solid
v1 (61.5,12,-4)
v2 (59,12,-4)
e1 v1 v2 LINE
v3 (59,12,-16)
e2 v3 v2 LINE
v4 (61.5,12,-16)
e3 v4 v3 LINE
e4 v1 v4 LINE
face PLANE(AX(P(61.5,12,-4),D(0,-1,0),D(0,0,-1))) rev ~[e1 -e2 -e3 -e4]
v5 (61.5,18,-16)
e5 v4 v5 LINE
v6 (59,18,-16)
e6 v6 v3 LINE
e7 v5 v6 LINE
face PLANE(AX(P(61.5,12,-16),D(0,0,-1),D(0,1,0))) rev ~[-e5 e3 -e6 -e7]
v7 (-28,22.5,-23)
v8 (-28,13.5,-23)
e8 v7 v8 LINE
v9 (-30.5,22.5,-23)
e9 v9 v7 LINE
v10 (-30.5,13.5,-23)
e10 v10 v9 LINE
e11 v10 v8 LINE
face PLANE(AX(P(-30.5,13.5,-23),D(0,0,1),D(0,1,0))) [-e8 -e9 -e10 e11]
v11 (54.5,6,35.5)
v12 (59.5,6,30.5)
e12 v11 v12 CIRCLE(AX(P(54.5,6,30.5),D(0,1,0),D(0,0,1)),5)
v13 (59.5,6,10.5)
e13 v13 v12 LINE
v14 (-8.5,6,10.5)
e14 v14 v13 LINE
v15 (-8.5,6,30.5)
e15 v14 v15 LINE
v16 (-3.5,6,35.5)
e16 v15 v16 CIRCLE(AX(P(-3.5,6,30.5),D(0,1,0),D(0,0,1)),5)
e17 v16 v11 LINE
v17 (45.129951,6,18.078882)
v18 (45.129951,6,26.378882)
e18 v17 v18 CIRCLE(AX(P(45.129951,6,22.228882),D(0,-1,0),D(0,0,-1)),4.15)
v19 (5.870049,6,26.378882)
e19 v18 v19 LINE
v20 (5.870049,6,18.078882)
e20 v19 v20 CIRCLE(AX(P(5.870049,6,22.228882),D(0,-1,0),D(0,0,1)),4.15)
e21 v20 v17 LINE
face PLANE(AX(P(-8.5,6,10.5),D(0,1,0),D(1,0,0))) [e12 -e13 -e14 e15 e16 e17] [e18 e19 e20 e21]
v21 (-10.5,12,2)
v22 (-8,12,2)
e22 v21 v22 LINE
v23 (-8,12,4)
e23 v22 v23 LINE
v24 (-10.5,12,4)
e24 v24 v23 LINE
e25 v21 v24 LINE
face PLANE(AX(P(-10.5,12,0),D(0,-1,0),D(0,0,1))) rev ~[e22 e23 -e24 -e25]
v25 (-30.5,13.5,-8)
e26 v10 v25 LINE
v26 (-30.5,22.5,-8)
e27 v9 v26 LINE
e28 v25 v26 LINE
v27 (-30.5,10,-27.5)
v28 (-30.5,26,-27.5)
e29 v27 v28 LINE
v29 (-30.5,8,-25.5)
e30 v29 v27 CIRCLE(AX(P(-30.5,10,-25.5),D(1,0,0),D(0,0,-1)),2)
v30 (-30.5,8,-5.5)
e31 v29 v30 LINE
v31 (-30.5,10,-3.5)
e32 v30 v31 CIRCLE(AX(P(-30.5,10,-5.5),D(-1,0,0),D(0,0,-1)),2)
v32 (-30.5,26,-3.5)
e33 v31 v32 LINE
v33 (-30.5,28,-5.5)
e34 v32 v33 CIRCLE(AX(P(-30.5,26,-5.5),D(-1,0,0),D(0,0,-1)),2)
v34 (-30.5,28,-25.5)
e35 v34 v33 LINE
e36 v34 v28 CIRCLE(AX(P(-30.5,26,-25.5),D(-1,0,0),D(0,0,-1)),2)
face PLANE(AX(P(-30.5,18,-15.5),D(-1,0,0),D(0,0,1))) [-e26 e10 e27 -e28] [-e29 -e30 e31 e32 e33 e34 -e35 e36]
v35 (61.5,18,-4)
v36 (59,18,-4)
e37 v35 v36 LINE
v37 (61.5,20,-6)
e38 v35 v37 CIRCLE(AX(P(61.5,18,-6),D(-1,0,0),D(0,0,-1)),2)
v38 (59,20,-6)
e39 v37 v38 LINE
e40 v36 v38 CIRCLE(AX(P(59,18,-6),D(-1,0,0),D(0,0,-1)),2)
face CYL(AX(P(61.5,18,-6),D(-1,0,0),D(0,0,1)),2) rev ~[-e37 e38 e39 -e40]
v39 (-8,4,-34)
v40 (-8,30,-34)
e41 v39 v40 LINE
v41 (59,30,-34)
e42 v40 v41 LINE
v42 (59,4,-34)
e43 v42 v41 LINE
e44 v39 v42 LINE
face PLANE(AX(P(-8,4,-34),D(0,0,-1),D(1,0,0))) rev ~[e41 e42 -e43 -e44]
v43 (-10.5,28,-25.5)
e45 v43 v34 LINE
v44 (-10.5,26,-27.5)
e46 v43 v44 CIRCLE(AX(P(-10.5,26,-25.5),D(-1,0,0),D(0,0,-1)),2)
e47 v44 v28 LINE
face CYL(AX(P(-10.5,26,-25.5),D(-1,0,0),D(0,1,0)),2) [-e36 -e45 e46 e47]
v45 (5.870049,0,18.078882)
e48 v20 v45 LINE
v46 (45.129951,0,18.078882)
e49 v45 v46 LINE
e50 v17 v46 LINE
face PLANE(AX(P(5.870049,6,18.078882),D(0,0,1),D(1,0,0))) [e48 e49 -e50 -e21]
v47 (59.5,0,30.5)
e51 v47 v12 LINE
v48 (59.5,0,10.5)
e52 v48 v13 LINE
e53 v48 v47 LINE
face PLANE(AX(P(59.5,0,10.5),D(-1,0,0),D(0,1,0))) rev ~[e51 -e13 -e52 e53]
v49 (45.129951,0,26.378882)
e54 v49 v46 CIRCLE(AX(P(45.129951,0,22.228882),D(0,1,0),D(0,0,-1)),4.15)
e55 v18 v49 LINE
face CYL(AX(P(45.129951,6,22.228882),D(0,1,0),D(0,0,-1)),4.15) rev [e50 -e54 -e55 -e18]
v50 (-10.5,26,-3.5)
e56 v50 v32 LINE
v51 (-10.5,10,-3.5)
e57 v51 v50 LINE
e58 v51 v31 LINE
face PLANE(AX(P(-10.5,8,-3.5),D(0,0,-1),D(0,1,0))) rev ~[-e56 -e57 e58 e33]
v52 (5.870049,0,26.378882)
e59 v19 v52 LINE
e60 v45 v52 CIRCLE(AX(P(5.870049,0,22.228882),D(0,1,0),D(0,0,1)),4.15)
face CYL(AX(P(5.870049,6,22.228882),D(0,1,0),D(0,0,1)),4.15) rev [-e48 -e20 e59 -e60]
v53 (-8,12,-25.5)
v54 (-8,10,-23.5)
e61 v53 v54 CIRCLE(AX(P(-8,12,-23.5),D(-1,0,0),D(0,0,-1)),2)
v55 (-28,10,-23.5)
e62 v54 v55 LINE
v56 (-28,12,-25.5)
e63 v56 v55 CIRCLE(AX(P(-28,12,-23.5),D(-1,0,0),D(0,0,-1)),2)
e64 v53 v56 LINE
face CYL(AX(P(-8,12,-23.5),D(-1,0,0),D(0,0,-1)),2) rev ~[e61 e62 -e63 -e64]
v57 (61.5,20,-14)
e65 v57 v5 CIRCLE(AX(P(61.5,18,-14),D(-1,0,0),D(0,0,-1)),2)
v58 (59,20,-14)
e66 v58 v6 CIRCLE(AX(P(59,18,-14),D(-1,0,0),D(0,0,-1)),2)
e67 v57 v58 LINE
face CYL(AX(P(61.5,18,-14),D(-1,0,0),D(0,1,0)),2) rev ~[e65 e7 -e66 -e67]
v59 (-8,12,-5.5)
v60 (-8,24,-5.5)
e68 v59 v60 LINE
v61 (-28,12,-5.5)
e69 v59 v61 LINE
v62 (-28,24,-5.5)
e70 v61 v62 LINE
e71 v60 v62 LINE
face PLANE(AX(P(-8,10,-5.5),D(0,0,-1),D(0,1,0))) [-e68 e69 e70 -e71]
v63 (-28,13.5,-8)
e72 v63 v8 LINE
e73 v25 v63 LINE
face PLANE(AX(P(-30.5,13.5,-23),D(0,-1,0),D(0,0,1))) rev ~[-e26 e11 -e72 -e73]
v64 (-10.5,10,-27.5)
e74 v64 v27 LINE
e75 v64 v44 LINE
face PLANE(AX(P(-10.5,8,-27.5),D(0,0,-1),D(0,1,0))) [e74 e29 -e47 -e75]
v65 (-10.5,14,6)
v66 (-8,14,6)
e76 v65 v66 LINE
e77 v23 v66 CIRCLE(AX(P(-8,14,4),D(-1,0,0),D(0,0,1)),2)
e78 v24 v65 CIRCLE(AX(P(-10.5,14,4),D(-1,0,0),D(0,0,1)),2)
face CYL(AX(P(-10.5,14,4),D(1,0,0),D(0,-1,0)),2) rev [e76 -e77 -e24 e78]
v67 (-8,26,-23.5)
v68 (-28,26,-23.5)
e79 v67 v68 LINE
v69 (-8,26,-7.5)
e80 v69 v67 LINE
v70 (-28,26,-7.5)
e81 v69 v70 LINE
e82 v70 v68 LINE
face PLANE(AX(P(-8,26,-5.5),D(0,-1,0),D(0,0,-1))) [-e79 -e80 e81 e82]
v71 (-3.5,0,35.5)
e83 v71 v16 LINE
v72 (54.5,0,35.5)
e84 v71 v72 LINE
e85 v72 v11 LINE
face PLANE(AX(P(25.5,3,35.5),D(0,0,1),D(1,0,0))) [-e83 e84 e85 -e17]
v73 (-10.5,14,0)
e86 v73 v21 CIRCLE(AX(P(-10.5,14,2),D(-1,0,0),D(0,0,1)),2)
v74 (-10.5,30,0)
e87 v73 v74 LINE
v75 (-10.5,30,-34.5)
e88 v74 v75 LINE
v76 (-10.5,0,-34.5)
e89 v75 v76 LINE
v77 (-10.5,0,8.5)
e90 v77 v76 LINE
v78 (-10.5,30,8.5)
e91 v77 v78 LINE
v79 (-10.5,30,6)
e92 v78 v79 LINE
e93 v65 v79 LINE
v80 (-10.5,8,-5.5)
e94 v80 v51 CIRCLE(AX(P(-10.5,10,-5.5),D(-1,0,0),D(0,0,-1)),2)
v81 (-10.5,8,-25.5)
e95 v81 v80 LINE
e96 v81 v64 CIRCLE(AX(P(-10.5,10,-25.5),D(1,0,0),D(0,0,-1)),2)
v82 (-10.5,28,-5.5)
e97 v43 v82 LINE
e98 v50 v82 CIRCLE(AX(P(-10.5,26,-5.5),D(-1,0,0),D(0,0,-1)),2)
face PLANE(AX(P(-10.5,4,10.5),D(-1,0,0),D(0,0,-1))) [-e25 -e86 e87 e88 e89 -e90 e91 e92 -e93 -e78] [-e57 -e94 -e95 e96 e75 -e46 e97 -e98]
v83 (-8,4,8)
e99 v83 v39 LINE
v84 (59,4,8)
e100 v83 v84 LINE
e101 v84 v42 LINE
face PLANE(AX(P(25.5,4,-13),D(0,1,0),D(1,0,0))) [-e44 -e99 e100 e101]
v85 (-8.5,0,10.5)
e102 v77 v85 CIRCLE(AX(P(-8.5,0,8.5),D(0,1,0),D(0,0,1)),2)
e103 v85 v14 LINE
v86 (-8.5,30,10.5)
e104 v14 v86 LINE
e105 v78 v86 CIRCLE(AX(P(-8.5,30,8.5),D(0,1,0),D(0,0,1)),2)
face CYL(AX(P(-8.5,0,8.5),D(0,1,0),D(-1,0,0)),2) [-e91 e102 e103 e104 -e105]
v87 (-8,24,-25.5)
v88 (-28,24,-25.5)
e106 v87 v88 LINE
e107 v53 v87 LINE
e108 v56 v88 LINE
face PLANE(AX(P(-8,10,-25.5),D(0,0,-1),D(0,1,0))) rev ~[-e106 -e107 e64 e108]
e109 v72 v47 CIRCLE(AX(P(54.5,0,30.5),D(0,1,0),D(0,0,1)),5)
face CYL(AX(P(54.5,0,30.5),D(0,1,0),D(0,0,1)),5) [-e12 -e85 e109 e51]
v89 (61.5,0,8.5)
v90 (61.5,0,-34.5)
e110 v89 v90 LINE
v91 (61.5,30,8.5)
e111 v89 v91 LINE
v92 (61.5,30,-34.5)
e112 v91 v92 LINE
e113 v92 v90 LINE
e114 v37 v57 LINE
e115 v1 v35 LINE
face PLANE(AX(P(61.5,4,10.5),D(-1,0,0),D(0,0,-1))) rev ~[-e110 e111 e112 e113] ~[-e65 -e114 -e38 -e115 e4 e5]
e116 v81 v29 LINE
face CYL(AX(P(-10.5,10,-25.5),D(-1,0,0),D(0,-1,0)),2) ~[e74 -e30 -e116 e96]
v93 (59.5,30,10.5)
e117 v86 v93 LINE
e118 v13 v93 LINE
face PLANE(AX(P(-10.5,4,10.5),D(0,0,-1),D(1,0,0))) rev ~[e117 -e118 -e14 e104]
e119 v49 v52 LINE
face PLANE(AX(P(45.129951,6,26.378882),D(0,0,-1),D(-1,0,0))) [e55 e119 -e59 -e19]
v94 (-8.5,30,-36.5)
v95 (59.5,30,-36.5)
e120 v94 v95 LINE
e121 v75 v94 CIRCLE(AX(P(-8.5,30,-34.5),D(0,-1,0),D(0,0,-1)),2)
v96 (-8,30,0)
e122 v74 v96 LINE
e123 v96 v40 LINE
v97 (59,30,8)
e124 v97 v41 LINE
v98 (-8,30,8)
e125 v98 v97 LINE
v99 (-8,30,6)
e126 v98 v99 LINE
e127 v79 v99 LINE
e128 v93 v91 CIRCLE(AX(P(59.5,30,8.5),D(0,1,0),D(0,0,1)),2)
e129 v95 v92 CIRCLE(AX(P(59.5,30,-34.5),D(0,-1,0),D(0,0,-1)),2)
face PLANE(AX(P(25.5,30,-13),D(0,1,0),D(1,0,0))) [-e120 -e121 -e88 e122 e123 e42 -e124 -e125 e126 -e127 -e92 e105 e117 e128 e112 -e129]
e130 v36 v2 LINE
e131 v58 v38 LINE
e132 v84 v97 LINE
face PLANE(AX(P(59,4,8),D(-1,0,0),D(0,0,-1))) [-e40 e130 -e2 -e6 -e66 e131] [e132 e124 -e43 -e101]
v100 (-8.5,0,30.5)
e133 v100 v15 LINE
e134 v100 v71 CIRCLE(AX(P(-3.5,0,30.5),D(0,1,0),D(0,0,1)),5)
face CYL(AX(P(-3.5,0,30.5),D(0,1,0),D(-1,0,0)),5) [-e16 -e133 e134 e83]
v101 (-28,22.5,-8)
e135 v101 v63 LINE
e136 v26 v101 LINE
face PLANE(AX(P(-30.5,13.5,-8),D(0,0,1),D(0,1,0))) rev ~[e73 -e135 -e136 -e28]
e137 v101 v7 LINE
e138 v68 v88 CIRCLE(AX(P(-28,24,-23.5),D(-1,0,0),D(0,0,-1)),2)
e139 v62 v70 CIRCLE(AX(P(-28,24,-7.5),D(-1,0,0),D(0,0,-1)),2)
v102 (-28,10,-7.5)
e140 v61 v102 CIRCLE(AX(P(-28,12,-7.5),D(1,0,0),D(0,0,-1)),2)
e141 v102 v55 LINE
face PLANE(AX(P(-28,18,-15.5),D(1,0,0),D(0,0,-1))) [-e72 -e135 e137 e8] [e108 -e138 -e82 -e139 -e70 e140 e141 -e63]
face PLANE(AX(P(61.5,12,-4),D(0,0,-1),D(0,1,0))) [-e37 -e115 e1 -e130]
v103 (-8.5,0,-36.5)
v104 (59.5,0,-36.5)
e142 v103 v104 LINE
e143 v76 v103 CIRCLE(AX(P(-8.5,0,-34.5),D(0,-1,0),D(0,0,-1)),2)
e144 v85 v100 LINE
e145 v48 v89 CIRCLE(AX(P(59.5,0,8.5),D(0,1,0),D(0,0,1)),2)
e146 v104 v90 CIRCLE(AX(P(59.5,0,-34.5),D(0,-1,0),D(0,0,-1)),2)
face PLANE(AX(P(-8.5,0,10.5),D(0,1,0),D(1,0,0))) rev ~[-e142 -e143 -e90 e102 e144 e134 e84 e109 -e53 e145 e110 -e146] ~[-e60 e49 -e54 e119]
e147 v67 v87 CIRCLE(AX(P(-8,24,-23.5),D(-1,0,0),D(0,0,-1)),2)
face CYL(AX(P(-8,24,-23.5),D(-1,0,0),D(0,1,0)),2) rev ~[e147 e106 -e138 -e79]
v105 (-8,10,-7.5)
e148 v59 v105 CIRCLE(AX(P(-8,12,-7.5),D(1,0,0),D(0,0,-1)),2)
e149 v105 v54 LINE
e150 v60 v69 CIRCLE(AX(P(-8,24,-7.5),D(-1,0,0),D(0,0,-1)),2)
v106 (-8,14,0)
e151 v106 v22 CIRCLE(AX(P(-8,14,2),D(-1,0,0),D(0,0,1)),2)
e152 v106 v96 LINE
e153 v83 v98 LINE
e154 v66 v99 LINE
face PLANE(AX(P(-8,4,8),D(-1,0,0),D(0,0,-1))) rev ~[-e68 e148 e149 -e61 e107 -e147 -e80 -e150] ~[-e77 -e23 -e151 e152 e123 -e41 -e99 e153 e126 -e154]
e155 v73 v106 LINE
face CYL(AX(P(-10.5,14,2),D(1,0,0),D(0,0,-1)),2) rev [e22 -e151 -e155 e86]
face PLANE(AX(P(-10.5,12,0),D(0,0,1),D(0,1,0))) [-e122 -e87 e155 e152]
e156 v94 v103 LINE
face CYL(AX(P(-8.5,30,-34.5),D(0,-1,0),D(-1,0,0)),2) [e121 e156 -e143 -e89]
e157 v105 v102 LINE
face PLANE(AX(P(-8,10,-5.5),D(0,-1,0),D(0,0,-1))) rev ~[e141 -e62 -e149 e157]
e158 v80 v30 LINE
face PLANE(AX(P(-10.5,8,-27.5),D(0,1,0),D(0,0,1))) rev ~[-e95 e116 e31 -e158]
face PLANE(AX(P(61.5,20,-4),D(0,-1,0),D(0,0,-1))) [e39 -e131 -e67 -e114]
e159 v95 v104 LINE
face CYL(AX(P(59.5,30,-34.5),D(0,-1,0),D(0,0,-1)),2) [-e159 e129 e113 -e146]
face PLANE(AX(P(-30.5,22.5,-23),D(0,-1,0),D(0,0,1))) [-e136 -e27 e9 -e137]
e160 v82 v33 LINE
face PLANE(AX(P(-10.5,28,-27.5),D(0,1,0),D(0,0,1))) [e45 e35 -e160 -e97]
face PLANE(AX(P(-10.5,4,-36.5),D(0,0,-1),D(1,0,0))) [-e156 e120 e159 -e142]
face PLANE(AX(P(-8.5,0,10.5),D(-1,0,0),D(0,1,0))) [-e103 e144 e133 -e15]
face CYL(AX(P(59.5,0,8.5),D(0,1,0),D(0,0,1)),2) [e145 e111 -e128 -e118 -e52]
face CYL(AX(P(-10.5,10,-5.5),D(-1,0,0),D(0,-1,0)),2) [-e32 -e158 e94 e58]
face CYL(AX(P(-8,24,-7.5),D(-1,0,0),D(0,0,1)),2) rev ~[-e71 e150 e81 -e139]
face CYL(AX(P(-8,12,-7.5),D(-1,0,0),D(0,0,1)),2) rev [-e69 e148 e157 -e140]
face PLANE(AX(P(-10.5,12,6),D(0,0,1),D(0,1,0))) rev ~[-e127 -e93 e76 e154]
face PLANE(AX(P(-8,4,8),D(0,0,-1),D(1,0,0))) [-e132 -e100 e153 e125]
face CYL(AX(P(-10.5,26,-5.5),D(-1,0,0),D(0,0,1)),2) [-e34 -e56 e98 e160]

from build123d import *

# Parameters (mm, degrees)
SKETCH1_W           = 72
SKETCH1_H           = 47
BOSS_EXTRUDE1_DEPTH = 4
SKETCH3_W           = 72
SKETCH3_H           = 47
SKETCH3_W_2         = 67
SKETCH3_H_2         = 42
BOSS_EXTRUDE3_DEPTH = 26
SKETCH5_W           = 12
SKETCH5_H           = 8
CUT_EXTRUDE1_DEPTH  = 6
FILLET2_R           = 2
FILLET3_R           = 2
SKETCH11_W          = 24
SKETCH11_H          = 20
BOSS_EXTRUDE7_DEPTH = 20
SKETCH12_W          = 20
SKETCH12_H          = 16
CUT_EXTRUDE4_DEPTH  = 20
SKETCH13_W          = 15
SKETCH13_H          = 9
CUT_EXTRUDE5_DEPTH  = 20
FILLET4_R           = 2
FILLET5_R           = 2
SKETCH14_W          = 6
SKETCH14_H          = 25
CUT_EXTRUDE6_DEPTH  = 5
FILLET6_R           = 2
SKETCH15_W          = 68
SKETCH15_H          = 6
BOSS_EXTRUDE8_DEPTH = 25
FILLET7_R           = 5
CUT_EXTRUDE7_DEPTH  = 25


with BuildPart() as part:
    # Sketch1 → Boss-Extrude1 (new body)
    with BuildSketch(Plane(origin=(0, 0, 0), x_dir=(1, 0, 0), z_dir=(0, 1, 0))):
        with Locations((25.5, 13)):
            Rectangle(SKETCH1_W, SKETCH1_H)
    extrude(amount=BOSS_EXTRUDE1_DEPTH)

    # Sketch3 → Boss-Extrude3 (add)
    with BuildSketch(Plane(origin=(0, 4, 0), x_dir=(1, 0, 0), z_dir=(0, 1, 0))):
        with Locations((25.5, 13)):
            Rectangle(SKETCH3_W, SKETCH3_H)
        with Locations((25.5, 13)):
            Rectangle(SKETCH3_W_2, SKETCH3_H_2, mode=Mode.SUBTRACT)
    extrude(amount=BOSS_EXTRUDE3_DEPTH)

    # Sketch5 → Cut-Extrude1 (cut)
    with BuildSketch(Plane(origin=(61.5, 0, 0), x_dir=(0, 0, -1), z_dir=(1, 0, 0))):
        with Locations((10, 16)):
            Rectangle(SKETCH5_W, SKETCH5_H)
    extrude(amount=-CUT_EXTRUDE1_DEPTH, mode=Mode.SUBTRACT)

    # Fillet2
    fillet2_edges = [part.edges().sort_by_distance(p)[0] for p in [
        (-10.5, 15, 10.5),
        (-10.5, 15, -36.5),
        (61.5, 15, -36.5),
        (61.5, 15, 10.5),
    ]]
    fillet(fillet2_edges, radius=FILLET2_R)

    # Fillet3
    fillet3_edges = [part.edges().sort_by_distance(p)[0] for p in [
        (60.25, 20, -4),
        (60.25, 20, -16),
    ]]
    fillet(fillet3_edges, radius=FILLET3_R)

    # Sketch11 → Boss-Extrude7 (add)
    with BuildSketch(Plane.ZY.offset(10.5)):
        with Locations((-15.5, 18)):
            Rectangle(SKETCH11_W, SKETCH11_H)
    extrude(amount=BOSS_EXTRUDE7_DEPTH)

    # Sketch12 → Cut-Extrude4 (cut)
    with BuildSketch(Plane(origin=(-8, 0, 0), x_dir=(0, 0, -1), z_dir=(1, 0, 0))):
        with Locations((15.5, 18)):
            Rectangle(SKETCH12_W, SKETCH12_H)
    extrude(amount=-CUT_EXTRUDE4_DEPTH, mode=Mode.SUBTRACT)

    # Sketch13 → Cut-Extrude5 (cut)
    with BuildSketch(Plane.ZY.offset(30.5)):
        with Locations((-15.5, 18)):
            Rectangle(SKETCH13_W, SKETCH13_H)
    extrude(amount=-CUT_EXTRUDE5_DEPTH, mode=Mode.SUBTRACT)

    # Fillet4
    fillet4_edges = [part.edges().sort_by_distance(p)[0] for p in [
        (-18, 10, -25.5),
        (-18, 10, -5.5),
        (-18, 26, -5.5),
        (-18, 26, -25.5),
    ]]
    fillet(fillet4_edges, radius=FILLET4_R)

    # Fillet5
    fillet5_edges = [part.edges().sort_by_distance(p)[0] for p in [
        (-20.5, 28, -27.5),
        (-20.5, 8, -27.5),
        (-20.5, 8, -3.5),
        (-20.5, 28, -3.5),
    ]]
    fillet(fillet5_edges, radius=FILLET5_R)

    # Sketch14 → Cut-Extrude6 (cut)
    with BuildSketch(Plane.ZY.offset(10.5)):
        with Locations((3, 24.5)):
            Rectangle(SKETCH14_W, SKETCH14_H)
    extrude(amount=-CUT_EXTRUDE6_DEPTH, mode=Mode.SUBTRACT)

    # Fillet6
    fillet6_edges = [part.edges().sort_by_distance(p)[0] for p in [
        (-9.25, 12, 0),
        (-9.25, 12, 6),
    ]]
    fillet(fillet6_edges, radius=FILLET6_R)

    # Sketch15 → Boss-Extrude8 (add)
    with BuildSketch(Plane.XY.offset(10.5)):
        with Locations((25.5, 3)):
            Rectangle(SKETCH15_W, SKETCH15_H)
    extrude(amount=BOSS_EXTRUDE8_DEPTH)

    # Fillet7
    fillet7_edges = [part.edges().sort_by_distance(p)[0] for p in [
        (-8.5, 3, 35.5),
        (59.5, 3, 35.5),
    ]]
    fillet(fillet7_edges, radius=FILLET7_R)

    # Sketch16 → Cut-Extrude7 (cut)
    with BuildSketch(Plane(origin=(0, 6, 0), x_dir=(1, 0, 0), z_dir=(0, 1, 0))):
        with BuildLine():
            Line((5.870048695, -18.078882232), (45.129951305, -18.078882232))
            ThreePointArc((45.129951305, -18.078882232), (49.279951305, -22.228882232), (45.129951305, -26.378882232))
            Line((45.129951305, -26.378882232), (5.870048695, -26.378882232))
            ThreePointArc((5.870048695, -26.378882232), (1.720048695, -22.228882232), (5.870048695, -18.078882232))
        make_face()
    extrude(amount=-CUT_EXTRUDE7_DEPTH, mode=Mode.SUBTRACT)


solid = part.part
